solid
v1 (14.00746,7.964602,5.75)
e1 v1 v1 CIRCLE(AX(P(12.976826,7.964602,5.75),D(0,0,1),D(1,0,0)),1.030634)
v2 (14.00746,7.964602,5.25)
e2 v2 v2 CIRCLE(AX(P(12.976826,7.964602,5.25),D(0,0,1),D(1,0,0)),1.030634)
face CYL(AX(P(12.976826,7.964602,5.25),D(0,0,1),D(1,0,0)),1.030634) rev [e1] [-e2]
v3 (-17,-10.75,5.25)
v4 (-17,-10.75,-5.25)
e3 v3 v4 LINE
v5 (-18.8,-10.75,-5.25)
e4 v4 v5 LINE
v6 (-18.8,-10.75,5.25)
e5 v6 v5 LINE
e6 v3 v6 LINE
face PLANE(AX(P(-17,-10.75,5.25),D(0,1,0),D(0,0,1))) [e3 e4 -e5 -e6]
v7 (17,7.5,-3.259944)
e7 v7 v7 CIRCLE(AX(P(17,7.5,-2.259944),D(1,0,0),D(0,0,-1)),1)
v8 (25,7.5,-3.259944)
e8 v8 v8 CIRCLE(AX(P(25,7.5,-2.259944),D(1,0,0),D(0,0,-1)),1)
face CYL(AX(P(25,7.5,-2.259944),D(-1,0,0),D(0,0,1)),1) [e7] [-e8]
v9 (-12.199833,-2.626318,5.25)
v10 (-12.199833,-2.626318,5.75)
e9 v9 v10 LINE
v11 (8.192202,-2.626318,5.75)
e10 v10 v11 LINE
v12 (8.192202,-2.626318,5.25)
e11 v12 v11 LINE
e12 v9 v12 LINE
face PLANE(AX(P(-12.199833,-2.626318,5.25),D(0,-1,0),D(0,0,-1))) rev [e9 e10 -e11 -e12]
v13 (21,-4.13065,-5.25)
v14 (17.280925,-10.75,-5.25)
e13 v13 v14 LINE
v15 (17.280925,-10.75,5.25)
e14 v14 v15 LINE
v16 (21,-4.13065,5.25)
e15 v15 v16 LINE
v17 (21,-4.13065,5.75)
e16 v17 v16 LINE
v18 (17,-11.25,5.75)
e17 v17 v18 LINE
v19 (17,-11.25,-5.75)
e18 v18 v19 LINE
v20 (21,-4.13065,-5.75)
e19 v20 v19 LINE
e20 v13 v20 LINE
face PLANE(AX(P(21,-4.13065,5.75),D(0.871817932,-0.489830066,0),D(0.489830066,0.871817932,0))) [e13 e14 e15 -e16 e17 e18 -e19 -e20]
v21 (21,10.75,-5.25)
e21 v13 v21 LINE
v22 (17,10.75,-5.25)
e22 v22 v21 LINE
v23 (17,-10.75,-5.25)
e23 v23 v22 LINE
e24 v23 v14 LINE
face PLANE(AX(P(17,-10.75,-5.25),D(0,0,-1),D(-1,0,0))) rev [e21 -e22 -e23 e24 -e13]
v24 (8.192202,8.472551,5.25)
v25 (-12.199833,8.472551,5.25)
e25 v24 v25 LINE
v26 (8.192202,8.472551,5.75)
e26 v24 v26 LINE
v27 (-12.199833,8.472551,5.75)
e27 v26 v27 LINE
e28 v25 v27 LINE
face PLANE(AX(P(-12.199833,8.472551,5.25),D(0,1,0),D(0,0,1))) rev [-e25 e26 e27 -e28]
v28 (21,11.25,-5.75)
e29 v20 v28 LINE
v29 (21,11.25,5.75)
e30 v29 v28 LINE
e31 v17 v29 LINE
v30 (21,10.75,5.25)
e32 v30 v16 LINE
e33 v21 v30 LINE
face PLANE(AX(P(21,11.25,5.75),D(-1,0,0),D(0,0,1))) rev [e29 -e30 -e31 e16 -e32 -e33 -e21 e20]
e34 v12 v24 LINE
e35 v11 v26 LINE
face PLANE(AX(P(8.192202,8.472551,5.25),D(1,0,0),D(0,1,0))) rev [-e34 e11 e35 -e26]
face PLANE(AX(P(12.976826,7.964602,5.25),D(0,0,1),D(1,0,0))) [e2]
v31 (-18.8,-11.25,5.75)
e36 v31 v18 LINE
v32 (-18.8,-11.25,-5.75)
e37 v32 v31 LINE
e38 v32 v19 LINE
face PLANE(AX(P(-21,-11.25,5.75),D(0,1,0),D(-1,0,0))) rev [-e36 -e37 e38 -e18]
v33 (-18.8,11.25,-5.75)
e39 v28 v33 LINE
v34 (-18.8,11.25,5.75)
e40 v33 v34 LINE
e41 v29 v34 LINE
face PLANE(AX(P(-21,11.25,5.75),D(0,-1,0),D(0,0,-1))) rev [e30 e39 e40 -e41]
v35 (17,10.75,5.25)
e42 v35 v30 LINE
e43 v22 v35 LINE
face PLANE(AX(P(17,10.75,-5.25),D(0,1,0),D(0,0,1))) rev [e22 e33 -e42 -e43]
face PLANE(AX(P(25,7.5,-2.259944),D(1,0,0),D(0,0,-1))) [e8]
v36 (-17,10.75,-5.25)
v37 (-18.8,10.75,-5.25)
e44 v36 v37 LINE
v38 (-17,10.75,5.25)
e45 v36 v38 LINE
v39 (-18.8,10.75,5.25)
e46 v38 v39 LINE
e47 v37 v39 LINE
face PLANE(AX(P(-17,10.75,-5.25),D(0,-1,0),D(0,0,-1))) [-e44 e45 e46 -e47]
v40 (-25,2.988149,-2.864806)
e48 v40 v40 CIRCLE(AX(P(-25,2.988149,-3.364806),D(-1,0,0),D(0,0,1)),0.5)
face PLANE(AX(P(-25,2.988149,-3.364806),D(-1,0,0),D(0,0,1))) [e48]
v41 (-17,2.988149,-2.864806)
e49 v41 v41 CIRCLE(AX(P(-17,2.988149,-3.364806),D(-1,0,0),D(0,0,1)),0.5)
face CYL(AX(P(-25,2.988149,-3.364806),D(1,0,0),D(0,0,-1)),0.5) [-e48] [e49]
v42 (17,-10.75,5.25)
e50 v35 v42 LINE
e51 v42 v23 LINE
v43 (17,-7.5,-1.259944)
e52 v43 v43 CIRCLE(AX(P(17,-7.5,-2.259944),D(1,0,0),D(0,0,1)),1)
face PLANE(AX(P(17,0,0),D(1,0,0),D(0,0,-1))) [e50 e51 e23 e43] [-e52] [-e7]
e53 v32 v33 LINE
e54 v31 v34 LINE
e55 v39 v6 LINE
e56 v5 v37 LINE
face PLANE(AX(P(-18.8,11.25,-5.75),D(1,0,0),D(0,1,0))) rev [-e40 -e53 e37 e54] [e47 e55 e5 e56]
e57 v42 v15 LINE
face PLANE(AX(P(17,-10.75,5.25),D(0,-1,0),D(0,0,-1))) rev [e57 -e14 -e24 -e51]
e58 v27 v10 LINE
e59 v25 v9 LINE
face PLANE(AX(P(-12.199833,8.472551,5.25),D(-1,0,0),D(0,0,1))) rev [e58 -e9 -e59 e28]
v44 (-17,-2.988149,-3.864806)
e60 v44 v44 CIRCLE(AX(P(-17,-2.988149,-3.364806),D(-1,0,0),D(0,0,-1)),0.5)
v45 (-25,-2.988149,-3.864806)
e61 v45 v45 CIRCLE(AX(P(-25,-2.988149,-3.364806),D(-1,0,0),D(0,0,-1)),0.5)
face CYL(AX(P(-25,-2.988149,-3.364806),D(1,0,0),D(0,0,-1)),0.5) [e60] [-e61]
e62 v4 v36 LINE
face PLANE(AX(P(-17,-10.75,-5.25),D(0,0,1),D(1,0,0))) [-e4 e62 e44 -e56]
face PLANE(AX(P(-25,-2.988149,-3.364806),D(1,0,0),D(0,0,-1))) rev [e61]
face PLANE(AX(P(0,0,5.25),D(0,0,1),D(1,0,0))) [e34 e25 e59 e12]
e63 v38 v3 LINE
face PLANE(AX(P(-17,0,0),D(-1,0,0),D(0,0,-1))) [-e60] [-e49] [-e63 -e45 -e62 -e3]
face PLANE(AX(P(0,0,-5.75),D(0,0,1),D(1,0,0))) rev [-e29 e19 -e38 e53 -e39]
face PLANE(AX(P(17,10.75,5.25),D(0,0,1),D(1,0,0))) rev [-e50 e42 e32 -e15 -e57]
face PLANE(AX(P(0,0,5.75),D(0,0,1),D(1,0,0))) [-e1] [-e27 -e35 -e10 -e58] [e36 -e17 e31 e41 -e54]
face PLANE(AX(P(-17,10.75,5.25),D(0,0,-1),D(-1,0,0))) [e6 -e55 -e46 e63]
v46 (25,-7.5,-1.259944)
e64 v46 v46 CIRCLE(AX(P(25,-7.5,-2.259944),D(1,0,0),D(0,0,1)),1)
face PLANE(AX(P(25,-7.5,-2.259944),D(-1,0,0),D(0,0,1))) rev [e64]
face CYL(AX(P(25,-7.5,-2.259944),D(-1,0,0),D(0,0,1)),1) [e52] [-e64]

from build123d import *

# Parameters (mm, degrees)
SKETCH1_W           = 42
SKETCH1_H           = 22.5
BOSS_EXTRUDE1_DEPTH = 5.75
SKETCH2_W           = 10.5
SKETCH2_H           = 21.5
CUT_EXTRUDE1_DEPTH  = 4
CUT_EXTRUDE3_DEPTH  = 12.5
SKETCH8_W           = 2.2
SKETCH8_H           = 22.5
CUT_EXTRUDE4_DEPTH  = 12.5
SKETCH3_R           = 1
BOSS_EXTRUDE2_DEPTH = 8
SKETCH4_R           = 0.5
BOSS_EXTRUDE3_DEPTH = 8
SKETCH5_R           = 1.030633651
SKETCH5_W           = 20.392034512
SKETCH5_H           = 11.098868447
CUT_EXTRUDE2_DEPTH  = 0.5


with BuildPart() as part:
    # Sketch1 → Boss-Extrude1 (new body, symmetric)
    with BuildSketch(Plane.XY):
        Rectangle(SKETCH1_W, SKETCH1_H)
    extrude(amount=BOSS_EXTRUDE1_DEPTH, both=True)

    # Sketch2 → Cut-Extrude1 (cut)
    with BuildSketch(Plane(origin=(21, 0, 0), x_dir=(0, 0, -1), z_dir=(1, 0, 0))):
        Rectangle(SKETCH2_W, SKETCH2_H)
    cut_extrude1 = extrude(amount=-CUT_EXTRUDE1_DEPTH, mode=Mode.SUBTRACT)

    # Mirror1: Cut-Extrude1 across plane
    add(cut_extrude1.mirror(Plane(origin=(0, 0, 0), x_dir=(0, 0, 1), z_dir=(1, 0, 0))), mode=Mode.SUBTRACT)

    # Sketch7 → Cut-Extrude3 (cut, through all)
    with BuildSketch(Plane.XY.offset(-5.75)):
        Polygon((24.167892902, -4.130649904), (21, -4.130649904), (17, -11.25), (17, -14.180704283), (24.167892902, -14.180704283), align=None)
    extrude(amount=CUT_EXTRUDE3_DEPTH, mode=Mode.SUBTRACT)

    # Sketch8 → Cut-Extrude4 (cut, through all)
    with BuildSketch(Plane.XY.offset(5.75)):
        with Locations((-19.9, 0)):
            Rectangle(SKETCH8_W, SKETCH8_H)
    extrude(amount=-CUT_EXTRUDE4_DEPTH, mode=Mode.SUBTRACT)

    # Sketch3 → Boss-Extrude2 (add)
    with BuildSketch(Plane(origin=(17, 0, 0), x_dir=(0, 0, -1), z_dir=(1, 0, 0))):
        with Locations((2.259944465, 7.5)):
            Circle(SKETCH3_R)
        with Locations((2.259944465, -7.5)):
            Circle(SKETCH3_R)
    extrude(amount=BOSS_EXTRUDE2_DEPTH)

    # Sketch4 → Boss-Extrude3 (add)
    with BuildSketch(Plane.ZY.offset(17)):
        with Locations((-3.364806204, 2.988148793)):
            Circle(SKETCH4_R)
        with Locations((-3.364806204, -2.988148793)):
            Circle(SKETCH4_R)
    extrude(amount=BOSS_EXTRUDE3_DEPTH)

    # Sketch5 → Cut-Extrude2 (cut)
    with BuildSketch(Plane.XY.offset(5.75)):
        with Locations((12.976825893, 7.964601522)):
            Circle(SKETCH5_R)
        with Locations((-2.003815564, 2.9231166)):
            Rectangle(SKETCH5_W, SKETCH5_H)
    extrude(amount=-CUT_EXTRUDE2_DEPTH, mode=Mode.SUBTRACT)


solid = part.part
